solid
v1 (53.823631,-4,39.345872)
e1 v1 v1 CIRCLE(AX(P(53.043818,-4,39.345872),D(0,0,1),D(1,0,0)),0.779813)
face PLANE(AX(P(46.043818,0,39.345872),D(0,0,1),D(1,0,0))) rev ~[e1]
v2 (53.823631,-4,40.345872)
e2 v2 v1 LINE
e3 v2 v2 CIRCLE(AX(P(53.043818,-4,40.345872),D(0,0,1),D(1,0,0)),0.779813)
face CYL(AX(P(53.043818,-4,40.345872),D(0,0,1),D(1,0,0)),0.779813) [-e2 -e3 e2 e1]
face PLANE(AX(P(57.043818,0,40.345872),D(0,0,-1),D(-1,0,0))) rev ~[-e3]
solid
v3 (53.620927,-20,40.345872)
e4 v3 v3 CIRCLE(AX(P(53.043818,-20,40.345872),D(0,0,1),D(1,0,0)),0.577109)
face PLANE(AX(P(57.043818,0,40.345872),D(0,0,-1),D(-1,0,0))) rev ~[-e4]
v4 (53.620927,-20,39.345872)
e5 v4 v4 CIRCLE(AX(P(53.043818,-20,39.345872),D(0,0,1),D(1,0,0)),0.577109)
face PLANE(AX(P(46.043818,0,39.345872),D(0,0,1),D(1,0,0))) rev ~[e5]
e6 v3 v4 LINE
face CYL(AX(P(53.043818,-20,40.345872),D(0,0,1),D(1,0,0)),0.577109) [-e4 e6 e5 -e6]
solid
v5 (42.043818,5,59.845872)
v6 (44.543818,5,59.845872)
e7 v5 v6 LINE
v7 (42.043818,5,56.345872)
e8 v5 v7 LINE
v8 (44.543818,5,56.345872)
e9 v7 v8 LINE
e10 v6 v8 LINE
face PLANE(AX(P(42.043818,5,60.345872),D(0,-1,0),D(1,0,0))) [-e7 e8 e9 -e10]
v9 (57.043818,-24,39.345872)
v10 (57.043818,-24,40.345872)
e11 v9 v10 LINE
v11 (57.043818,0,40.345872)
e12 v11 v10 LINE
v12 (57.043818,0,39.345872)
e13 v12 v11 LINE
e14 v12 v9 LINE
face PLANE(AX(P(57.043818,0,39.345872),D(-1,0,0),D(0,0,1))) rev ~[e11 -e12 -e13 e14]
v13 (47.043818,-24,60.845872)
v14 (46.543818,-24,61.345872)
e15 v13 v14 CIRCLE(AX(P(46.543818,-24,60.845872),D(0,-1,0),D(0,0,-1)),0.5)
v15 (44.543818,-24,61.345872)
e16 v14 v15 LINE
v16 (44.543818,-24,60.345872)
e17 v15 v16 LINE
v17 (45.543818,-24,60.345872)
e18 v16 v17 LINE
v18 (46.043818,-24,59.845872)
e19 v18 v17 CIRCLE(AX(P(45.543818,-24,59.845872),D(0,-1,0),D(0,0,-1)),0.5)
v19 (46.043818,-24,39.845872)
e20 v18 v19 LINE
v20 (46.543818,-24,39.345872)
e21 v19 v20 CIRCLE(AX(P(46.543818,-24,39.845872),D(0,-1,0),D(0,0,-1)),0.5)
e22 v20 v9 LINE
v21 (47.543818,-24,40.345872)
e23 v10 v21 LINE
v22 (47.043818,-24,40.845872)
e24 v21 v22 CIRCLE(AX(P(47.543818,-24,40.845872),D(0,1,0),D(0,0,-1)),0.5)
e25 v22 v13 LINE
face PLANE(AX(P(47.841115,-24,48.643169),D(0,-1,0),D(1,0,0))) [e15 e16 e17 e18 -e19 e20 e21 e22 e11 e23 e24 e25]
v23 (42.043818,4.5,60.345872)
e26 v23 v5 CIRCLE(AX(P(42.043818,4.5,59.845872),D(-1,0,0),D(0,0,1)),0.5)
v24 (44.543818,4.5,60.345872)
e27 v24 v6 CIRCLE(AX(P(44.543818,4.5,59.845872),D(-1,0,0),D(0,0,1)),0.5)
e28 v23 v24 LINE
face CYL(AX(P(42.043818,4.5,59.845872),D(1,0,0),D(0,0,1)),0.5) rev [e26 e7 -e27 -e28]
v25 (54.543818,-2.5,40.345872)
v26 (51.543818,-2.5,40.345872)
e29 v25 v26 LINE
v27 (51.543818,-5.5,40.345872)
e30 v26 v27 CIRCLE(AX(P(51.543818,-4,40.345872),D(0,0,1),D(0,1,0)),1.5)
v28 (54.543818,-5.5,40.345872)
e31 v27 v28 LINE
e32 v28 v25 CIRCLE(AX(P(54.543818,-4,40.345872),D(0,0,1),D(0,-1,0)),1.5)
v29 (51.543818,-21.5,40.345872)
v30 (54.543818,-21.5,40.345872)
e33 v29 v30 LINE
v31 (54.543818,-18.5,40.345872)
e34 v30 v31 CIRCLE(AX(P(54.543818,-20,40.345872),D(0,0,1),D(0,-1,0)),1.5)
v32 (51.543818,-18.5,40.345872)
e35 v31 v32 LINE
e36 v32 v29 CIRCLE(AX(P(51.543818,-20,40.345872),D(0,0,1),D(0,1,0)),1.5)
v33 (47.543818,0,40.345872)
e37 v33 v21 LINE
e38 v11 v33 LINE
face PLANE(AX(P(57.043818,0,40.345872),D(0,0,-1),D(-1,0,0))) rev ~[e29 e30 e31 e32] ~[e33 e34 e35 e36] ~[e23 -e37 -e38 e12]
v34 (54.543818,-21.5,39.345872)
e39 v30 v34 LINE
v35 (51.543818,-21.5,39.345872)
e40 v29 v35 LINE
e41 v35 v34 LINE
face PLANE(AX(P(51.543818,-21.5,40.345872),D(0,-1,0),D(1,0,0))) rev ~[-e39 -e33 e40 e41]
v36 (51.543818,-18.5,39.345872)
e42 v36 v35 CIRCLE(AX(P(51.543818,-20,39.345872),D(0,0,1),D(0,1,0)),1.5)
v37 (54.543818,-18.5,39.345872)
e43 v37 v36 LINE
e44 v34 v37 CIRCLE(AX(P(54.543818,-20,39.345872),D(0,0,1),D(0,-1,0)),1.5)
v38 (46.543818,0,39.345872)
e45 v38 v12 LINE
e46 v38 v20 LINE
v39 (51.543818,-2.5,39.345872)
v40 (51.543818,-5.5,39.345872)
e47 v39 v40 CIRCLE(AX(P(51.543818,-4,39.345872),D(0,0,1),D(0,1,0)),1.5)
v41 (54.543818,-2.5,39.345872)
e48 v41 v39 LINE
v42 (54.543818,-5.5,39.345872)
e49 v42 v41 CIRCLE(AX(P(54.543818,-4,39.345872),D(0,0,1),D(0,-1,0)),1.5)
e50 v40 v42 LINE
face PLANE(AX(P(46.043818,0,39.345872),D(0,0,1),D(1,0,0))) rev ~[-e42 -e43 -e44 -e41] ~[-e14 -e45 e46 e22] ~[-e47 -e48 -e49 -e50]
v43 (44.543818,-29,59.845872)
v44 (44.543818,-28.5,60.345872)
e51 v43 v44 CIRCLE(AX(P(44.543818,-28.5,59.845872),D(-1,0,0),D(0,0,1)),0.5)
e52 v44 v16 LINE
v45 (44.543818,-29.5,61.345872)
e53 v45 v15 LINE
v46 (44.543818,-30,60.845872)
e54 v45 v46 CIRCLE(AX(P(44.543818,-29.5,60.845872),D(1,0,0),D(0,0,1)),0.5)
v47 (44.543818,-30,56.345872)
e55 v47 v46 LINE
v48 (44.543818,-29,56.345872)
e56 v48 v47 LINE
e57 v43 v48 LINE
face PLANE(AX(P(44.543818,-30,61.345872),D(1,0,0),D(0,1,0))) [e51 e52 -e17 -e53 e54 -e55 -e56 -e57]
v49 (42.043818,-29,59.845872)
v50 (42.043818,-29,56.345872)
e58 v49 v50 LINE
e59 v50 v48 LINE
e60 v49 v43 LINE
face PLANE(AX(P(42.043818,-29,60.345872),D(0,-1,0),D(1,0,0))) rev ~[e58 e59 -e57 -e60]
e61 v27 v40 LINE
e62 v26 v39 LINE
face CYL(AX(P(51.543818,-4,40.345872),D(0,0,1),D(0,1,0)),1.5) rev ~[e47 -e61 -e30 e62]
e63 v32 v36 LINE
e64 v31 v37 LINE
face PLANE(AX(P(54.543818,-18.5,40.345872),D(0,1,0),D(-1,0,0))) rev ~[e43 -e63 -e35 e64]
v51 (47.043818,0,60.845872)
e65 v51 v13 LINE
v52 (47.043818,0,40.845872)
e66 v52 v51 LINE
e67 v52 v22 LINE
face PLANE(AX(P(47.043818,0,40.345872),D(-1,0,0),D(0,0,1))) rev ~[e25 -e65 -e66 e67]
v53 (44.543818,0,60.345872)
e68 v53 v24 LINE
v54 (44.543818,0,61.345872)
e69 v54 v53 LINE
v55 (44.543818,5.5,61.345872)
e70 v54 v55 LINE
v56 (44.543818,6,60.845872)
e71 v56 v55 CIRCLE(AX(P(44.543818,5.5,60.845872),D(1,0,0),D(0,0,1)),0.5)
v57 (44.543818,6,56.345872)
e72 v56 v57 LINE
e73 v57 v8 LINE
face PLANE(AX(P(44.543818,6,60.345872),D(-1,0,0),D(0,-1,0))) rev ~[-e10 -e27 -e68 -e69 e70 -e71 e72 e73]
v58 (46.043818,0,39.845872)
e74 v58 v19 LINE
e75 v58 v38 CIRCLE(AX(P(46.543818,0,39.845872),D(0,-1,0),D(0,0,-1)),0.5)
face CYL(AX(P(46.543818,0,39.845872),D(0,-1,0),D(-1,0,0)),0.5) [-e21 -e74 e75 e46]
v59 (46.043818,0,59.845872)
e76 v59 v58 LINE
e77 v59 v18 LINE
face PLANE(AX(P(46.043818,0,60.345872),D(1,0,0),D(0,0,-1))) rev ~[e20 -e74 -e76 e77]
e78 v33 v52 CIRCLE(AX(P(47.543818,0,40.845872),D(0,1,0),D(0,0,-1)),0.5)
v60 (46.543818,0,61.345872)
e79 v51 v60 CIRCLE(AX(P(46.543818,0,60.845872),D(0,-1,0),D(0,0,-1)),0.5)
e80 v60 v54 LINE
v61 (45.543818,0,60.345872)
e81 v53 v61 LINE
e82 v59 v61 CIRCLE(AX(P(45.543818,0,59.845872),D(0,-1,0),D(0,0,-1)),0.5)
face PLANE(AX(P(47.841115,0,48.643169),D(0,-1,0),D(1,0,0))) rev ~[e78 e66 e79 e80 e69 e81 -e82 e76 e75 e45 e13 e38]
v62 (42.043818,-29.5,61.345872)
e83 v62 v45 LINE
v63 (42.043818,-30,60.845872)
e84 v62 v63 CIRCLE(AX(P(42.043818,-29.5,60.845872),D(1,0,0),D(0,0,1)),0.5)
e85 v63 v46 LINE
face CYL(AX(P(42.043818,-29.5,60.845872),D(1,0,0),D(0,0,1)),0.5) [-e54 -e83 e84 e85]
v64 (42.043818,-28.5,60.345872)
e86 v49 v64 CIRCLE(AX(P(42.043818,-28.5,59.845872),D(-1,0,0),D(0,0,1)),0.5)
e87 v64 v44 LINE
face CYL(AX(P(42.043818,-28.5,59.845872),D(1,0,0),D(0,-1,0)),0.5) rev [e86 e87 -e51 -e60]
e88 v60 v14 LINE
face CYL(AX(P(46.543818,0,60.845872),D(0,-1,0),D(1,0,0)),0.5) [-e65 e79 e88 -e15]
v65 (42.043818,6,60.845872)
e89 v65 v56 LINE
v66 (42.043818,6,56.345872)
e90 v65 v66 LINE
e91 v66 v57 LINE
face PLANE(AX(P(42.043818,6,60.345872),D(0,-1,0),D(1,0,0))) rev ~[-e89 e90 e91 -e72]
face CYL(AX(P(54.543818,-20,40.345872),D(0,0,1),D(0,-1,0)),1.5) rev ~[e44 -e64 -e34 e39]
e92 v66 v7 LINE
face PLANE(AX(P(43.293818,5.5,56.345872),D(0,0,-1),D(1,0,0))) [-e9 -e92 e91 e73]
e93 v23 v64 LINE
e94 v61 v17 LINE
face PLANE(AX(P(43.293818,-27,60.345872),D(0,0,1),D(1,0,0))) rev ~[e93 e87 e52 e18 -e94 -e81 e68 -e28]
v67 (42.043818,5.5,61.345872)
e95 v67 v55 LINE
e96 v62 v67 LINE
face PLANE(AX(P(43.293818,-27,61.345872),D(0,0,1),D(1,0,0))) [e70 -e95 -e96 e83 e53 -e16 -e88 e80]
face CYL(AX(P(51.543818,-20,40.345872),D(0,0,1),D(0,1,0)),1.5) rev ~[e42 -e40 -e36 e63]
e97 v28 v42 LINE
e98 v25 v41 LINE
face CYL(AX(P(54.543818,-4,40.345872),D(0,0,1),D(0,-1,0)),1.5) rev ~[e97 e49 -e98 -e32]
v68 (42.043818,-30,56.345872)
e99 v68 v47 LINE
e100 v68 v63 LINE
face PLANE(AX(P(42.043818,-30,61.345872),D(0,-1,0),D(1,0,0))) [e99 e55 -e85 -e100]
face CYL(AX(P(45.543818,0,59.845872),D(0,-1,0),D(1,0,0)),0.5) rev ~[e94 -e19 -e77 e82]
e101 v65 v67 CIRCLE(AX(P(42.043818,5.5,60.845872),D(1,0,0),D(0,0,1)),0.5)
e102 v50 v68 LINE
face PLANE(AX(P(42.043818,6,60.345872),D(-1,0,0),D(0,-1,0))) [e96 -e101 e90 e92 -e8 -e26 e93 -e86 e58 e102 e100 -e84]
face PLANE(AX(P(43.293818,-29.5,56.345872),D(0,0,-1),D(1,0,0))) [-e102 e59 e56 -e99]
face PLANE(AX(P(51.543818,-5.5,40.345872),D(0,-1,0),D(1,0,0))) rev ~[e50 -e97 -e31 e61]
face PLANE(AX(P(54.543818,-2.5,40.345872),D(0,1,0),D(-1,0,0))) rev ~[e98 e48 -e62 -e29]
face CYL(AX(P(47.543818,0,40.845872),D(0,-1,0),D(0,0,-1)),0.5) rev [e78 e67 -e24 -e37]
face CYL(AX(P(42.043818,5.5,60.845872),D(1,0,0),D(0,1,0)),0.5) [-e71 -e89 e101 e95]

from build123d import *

# Parameters (mm, degrees)
F1_DEPTH = 24
F2_W     = 2.5
F2_H     = 6
F3_DEPTH = 1
F4_W     = 2.5
F4_H     = 1
F5_DEPTH = 4
F6_R     = 0.5
F7_R     = 0.577109
F7_R_2   = 0.779813
F8_DEPTH = 2


with BuildPart() as f1:
    # F0 (on Front) → F1 (new body)
    with BuildSketch(Plane.XZ):
        Polygon((57.043818, 40.345872), (47.043818, 40.345872), (47.043818, 61.345872), (42.043818, 61.345872), (42.043818, 60.345872), (46.043818, 60.345872), (46.043818, 39.345872), (57.043818, 39.345872), align=None)
    extrude(amount=F1_DEPTH)

    # F2 (on face) → F3 (join)
    with BuildSketch(Plane.XY.offset(61.345872)):
        with Locations((43.293818, -27)):
            Rectangle(F2_W, F2_H)
        with Locations((43.293818, 3)):
            Rectangle(F2_W, F2_H)
    extrude(amount=-F3_DEPTH)

    # F4 (on face) → F5 (join)
    with BuildSketch(Plane(origin=(0, 0, 60.345872), x_dir=(1, 0, 0), z_dir=(0, 0, -1))):
        with Locations((43.293818, -5.5)):
            Rectangle(F4_W, F4_H)
        with Locations((43.293818, 29.5)):
            Rectangle(F4_W, F4_H)
    extrude(amount=F5_DEPTH)

    # F6
    f6_edges = [f1.edges().sort_by_distance(p)[0] for p in [
        (47.043818, -12, 40.345872),
        (46.043818, -12, 39.345872),
        (47.043818, -12, 61.345872),
        (46.043818, -12, 60.345872),
        (43.293818, 5, 60.345872),
        (43.293818, -29, 60.345872),
        (43.293818, 6, 61.345872),
        (43.293818, -30, 61.345872),
    ]]
    fillet(f6_edges, radius=F6_R)

    # F7 (on face) → F8 (cut)
    with BuildSketch(Plane.XY.offset(40.345872)):
        with BuildLine():
            ThreePointArc((54.543818, -21.5), (56.043818, -20), (54.543818, -18.5))
            Line((54.543818, -18.5), (51.543818, -18.5))
            ThreePointArc((51.543818, -18.5), (50.043818, -20), (51.543818, -21.5))
            Line((51.543818, -21.5), (54.543818, -21.5))
        make_face()
        with Locations((53.043818, -20)):
            Circle(F7_R, mode=Mode.SUBTRACT)
        with BuildLine():
            ThreePointArc((54.543818, -5.5), (56.043818, -4), (54.543818, -2.5))
            Line((54.543818, -2.5), (51.543818, -2.5))
            ThreePointArc((51.543818, -2.5), (50.043818, -4), (51.543818, -5.5))
            Line((51.543818, -5.5), (54.543818, -5.5))
        make_face()
        with Locations((53.043818, -4)):
            Circle(F7_R_2, mode=Mode.SUBTRACT)
    extrude(amount=-F8_DEPTH, mode=Mode.SUBTRACT)


solid = f1.part
